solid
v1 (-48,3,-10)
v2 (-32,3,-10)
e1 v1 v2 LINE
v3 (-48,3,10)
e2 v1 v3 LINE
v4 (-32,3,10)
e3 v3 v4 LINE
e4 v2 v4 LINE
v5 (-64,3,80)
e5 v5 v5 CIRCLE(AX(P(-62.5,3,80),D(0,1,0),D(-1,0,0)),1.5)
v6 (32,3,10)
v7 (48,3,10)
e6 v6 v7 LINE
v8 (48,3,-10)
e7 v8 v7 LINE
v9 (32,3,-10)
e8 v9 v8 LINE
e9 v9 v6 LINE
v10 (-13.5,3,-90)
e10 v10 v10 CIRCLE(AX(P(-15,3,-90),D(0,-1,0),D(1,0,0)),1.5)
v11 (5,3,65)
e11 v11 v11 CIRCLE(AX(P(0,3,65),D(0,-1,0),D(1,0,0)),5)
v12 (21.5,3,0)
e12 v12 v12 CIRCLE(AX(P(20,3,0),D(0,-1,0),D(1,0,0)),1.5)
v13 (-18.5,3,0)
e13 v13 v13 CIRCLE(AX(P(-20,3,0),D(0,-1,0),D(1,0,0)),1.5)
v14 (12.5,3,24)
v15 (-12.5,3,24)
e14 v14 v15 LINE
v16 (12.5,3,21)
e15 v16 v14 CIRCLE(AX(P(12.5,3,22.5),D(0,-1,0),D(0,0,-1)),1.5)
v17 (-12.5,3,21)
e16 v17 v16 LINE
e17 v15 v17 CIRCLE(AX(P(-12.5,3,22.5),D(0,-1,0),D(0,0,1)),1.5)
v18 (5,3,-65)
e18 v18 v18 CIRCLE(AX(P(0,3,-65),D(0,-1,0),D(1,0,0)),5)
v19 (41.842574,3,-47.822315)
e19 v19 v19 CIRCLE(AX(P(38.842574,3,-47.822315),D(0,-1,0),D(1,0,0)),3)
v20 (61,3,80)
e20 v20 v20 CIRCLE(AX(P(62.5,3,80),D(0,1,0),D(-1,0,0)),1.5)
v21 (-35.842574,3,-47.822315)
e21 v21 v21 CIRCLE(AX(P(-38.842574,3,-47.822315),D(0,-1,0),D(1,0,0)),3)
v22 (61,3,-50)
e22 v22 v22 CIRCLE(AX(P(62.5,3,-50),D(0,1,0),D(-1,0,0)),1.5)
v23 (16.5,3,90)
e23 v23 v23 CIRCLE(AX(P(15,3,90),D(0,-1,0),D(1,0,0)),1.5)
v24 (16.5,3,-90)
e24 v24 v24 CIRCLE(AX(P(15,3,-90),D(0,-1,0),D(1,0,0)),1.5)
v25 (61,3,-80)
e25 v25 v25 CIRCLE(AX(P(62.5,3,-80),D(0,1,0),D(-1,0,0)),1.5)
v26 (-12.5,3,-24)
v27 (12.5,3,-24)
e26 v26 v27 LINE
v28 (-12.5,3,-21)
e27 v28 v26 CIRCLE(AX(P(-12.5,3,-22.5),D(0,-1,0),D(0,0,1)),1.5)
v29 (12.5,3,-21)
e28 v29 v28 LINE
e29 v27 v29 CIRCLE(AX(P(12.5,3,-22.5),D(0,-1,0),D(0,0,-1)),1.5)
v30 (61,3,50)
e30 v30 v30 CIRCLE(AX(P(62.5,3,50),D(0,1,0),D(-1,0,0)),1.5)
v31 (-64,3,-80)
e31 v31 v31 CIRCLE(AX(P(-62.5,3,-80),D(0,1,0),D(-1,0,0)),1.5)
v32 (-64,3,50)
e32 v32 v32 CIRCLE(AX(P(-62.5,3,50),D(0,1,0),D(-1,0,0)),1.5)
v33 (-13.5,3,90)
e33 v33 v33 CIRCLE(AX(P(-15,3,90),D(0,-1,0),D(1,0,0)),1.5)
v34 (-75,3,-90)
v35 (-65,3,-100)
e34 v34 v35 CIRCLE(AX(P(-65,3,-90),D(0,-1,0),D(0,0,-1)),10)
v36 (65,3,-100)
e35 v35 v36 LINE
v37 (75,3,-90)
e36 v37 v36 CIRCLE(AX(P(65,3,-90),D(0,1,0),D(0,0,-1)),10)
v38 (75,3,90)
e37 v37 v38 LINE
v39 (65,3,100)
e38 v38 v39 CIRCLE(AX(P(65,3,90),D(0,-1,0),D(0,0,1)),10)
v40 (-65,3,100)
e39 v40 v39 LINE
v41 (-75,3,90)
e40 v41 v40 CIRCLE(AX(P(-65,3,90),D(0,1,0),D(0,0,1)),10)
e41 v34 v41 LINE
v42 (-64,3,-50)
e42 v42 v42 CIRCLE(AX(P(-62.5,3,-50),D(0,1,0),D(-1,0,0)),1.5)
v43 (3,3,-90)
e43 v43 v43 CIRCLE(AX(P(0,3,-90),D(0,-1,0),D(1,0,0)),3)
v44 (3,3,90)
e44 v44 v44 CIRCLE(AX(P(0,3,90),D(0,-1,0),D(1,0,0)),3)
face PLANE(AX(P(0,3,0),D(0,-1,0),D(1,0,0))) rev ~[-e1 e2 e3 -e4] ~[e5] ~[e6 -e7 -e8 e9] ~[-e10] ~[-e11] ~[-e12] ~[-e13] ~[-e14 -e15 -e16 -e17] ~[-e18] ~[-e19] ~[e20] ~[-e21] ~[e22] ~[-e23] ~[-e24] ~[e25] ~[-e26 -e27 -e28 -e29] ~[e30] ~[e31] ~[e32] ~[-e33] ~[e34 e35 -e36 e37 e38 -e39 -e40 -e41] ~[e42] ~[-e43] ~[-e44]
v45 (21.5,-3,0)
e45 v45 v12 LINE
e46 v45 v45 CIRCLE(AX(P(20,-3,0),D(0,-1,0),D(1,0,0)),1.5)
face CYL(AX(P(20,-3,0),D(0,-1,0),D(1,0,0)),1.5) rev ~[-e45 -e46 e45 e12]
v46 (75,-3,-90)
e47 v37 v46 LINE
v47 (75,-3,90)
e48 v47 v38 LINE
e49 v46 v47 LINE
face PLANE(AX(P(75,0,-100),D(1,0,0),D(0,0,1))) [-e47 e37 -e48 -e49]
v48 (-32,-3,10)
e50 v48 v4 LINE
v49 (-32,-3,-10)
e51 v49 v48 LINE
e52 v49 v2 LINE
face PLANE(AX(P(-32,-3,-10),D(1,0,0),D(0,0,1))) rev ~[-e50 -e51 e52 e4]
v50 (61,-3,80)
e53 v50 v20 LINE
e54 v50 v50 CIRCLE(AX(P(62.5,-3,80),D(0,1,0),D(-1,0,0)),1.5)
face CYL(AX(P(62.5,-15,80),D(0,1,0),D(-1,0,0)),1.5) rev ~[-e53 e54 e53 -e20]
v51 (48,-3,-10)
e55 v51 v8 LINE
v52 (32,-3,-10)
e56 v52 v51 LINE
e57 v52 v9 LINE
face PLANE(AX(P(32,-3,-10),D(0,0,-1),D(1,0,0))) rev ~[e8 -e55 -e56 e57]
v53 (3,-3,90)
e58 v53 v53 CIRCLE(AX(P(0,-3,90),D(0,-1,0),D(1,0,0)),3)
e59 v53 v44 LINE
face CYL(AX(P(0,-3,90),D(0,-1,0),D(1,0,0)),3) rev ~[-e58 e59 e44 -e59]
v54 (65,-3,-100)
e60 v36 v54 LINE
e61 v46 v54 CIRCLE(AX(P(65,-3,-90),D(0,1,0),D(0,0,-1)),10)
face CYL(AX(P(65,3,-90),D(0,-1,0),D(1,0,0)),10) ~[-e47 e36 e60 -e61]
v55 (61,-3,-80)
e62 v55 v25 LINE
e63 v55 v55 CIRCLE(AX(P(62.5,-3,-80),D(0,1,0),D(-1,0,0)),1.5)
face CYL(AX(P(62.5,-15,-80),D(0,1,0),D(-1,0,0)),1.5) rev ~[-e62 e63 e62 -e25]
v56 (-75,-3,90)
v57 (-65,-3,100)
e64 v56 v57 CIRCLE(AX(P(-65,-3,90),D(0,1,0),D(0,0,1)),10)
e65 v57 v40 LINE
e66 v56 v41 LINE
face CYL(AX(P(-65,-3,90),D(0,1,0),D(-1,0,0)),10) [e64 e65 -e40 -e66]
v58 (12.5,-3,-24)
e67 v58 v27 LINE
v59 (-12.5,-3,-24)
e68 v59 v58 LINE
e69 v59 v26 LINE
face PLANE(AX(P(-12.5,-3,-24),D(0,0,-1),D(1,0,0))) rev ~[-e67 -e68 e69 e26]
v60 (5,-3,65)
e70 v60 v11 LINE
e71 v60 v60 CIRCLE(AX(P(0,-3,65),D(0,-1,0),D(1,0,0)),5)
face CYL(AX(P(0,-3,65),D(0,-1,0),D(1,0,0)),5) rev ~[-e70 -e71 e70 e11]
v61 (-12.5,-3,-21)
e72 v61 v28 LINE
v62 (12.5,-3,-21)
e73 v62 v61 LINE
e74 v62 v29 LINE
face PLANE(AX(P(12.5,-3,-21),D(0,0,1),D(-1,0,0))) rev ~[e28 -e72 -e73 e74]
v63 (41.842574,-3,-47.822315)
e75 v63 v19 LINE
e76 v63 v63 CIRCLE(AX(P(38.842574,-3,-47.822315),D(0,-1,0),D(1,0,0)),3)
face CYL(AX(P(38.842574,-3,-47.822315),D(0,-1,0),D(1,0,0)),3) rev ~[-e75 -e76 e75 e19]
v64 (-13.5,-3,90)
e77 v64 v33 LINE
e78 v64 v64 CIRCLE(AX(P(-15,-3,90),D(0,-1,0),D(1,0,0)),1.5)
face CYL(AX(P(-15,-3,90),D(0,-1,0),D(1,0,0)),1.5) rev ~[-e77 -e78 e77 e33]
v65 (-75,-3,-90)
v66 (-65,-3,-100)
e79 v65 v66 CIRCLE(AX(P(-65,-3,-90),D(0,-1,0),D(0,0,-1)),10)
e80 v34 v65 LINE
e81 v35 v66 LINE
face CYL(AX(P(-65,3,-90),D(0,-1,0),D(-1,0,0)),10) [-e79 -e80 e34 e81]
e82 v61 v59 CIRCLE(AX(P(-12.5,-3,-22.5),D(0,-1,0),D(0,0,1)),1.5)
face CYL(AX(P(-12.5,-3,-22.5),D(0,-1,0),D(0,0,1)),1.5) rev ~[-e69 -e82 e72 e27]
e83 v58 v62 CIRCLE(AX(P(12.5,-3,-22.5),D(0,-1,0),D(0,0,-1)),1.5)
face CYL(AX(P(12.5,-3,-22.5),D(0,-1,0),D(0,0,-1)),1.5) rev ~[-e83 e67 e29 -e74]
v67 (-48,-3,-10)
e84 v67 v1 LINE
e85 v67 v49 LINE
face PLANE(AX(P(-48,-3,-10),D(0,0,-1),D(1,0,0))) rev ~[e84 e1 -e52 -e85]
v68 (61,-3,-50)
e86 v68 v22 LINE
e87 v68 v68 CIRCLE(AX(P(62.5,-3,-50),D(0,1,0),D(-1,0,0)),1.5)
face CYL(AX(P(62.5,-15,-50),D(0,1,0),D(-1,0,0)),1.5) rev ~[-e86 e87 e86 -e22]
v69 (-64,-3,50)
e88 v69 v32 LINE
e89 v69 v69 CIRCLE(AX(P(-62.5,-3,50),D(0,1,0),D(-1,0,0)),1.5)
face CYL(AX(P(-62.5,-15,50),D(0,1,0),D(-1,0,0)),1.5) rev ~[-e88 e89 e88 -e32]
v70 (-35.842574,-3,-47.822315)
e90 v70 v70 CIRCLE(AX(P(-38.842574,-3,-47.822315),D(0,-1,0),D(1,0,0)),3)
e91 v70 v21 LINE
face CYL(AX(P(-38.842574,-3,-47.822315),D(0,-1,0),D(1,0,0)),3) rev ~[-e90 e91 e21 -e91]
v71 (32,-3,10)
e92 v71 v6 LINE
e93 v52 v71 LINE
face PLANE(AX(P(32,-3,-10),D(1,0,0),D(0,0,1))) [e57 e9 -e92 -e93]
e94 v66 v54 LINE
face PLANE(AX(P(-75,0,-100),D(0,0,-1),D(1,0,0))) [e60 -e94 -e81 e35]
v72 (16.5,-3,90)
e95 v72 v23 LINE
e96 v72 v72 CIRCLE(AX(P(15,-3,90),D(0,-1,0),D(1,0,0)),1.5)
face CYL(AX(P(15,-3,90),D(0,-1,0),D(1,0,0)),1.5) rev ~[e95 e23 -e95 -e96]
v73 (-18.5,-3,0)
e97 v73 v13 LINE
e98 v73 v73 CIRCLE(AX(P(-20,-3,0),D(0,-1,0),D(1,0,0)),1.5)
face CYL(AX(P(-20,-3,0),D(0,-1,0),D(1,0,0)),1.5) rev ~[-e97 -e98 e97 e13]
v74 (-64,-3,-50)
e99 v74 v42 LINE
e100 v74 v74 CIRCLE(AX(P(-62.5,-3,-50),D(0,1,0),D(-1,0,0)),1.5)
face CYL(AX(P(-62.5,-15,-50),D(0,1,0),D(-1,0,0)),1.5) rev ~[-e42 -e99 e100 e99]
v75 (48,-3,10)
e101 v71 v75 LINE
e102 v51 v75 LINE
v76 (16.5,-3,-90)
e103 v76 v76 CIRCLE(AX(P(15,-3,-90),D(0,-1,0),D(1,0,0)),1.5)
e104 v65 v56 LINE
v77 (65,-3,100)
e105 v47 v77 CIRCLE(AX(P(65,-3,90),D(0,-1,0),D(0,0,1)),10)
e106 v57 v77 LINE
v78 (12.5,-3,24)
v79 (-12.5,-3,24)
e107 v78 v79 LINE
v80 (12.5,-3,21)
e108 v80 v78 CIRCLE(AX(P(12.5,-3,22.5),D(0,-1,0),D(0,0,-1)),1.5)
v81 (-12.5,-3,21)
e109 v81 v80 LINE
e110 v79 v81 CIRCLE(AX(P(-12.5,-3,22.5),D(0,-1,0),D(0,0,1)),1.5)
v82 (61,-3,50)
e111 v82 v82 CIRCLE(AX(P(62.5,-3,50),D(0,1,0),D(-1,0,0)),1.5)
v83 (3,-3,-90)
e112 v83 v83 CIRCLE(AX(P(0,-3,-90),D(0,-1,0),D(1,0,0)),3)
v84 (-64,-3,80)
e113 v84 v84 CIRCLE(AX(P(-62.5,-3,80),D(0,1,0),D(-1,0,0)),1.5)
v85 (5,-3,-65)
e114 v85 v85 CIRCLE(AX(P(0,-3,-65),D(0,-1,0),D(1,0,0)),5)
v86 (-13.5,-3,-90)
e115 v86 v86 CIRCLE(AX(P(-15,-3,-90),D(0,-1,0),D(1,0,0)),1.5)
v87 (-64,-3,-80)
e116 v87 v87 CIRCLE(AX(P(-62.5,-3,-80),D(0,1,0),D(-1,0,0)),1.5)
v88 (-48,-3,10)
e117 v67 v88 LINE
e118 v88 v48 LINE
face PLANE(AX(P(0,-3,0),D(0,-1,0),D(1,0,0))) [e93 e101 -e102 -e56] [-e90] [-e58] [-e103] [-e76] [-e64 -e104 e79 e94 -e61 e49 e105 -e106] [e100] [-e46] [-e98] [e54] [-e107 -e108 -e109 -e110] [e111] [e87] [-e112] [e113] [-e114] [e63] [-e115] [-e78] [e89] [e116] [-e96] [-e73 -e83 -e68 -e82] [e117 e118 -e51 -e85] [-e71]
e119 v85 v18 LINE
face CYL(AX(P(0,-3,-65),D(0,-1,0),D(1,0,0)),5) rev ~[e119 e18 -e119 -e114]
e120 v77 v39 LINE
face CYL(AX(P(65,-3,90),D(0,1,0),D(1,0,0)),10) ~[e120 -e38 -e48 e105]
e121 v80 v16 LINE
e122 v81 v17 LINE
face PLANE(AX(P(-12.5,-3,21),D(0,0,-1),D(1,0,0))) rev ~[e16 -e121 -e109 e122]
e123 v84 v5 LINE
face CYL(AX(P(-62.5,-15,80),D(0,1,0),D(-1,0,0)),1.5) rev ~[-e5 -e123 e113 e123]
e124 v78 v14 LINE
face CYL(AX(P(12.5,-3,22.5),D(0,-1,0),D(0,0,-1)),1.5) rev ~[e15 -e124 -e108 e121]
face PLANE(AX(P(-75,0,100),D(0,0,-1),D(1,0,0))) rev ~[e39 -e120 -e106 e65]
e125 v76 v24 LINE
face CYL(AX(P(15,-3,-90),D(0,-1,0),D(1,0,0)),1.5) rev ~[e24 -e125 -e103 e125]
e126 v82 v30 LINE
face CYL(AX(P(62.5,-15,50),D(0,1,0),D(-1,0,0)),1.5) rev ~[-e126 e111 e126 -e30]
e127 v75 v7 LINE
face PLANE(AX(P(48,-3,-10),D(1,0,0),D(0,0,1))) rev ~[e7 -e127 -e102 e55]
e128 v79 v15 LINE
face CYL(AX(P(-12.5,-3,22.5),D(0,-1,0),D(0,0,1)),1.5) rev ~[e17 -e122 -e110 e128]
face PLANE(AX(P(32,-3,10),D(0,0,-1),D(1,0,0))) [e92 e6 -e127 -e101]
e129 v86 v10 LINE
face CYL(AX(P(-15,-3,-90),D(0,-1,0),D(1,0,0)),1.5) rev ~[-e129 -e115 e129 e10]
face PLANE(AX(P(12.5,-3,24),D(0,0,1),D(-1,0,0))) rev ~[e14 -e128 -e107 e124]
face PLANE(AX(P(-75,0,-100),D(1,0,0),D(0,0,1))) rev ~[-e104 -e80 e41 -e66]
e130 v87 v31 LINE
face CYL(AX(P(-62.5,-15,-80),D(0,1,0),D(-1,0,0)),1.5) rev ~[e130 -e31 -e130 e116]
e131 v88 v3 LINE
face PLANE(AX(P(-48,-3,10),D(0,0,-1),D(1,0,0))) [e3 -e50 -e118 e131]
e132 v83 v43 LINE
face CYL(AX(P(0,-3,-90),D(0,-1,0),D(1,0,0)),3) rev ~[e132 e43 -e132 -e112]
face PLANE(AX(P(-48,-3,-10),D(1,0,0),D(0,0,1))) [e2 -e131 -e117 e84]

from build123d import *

# Parameters (mm, degrees)
F0_W          = 150
F0_H          = 200
F1_DEPTH      = 3
F1_DEPTH_BACK = 3
F2_R          = 10
F4_D          = 3
F4_DEPTH      = 12
F5_W          = 16
F5_H          = 20
F5_R          = 1.5
F5_R_2        = 5
F5_R_3        = 3
F6_DEPTH      = 25


with BuildPart() as f1:
    # F0 (on Front) → F1 (new body, two sides)
    with BuildSketch(Plane.XZ) as f1_sk:
        Rectangle(F0_W, F0_H)
    extrude(amount=F1_DEPTH)
    extrude(f1_sk.sketch, amount=-F1_DEPTH_BACK)

    # F2
    f2_edges = [f1.edges().sort_by_distance(p)[0] for p in [
        (-75, 0, -100),
        (75, 0, -100),
        (75, 0, 100),
        (-75, 0, 100),
    ]]
    fillet(f2_edges, radius=F2_R)

    # F4
    with Locations(Plane.XZ.offset(3)):
        with Locations((62.5, -80), (62.5, -50), (62.5, 50), (62.5, 80), (-62.5, 80), (-62.5, 50), (-62.5, -50), (-62.5, -80)):
            Hole(F4_D / 2, depth=F4_DEPTH)

    # F5 (on face) → F6 (cut)
    with BuildSketch(Plane.XZ.offset(3)):
        with Locations((-40, 0)):
            Rectangle(F5_W, F5_H)
        with BuildLine():
            ThreePointArc((12.5, 21), (14, 22.5), (12.5, 24))
            Line((12.5, 24), (-12.5, 24))
            ThreePointArc((-12.5, 24), (-14, 22.5), (-12.5, 21))
            Line((-12.5, 21), (12.5, 21))
        make_face()
        with BuildLine():
            ThreePointArc((12.5, -24), (14, -22.5), (12.5, -21))
            Line((12.5, -21), (-12.5, -21))
            ThreePointArc((-12.5, -21), (-14, -22.5), (-12.5, -24))
            Line((-12.5, -24), (12.5, -24))
        make_face()
        with Locations((40, 0)):
            Rectangle(F5_W, F5_H)
        with Locations((20, 0)):
            Circle(F5_R)
        with Locations((0, -65)):
            Circle(F5_R_2)
        with Locations((-38.842574, -47.822315)):
            Circle(F5_R_3)
        with Locations((38.842574, -47.822315)):
            Circle(F5_R_3)
        with Locations((0, -90)):
            Circle(F5_R_3)
        with Locations((-20, 0)):
            Circle(F5_R)
        with Locations((15, -90)):
            Circle(F5_R)
        with Locations((-15, -90)):
            Circle(F5_R)
        with Locations((0, 65)):
            Circle(F5_R_2)
        with Locations((0, 90)):
            Circle(F5_R_3)
        with Locations((-15, 90)):
            Circle(F5_R)
        with Locations((15, 90)):
            Circle(F5_R)
    extrude(amount=-F6_DEPTH, mode=Mode.SUBTRACT)


solid = f1.part
